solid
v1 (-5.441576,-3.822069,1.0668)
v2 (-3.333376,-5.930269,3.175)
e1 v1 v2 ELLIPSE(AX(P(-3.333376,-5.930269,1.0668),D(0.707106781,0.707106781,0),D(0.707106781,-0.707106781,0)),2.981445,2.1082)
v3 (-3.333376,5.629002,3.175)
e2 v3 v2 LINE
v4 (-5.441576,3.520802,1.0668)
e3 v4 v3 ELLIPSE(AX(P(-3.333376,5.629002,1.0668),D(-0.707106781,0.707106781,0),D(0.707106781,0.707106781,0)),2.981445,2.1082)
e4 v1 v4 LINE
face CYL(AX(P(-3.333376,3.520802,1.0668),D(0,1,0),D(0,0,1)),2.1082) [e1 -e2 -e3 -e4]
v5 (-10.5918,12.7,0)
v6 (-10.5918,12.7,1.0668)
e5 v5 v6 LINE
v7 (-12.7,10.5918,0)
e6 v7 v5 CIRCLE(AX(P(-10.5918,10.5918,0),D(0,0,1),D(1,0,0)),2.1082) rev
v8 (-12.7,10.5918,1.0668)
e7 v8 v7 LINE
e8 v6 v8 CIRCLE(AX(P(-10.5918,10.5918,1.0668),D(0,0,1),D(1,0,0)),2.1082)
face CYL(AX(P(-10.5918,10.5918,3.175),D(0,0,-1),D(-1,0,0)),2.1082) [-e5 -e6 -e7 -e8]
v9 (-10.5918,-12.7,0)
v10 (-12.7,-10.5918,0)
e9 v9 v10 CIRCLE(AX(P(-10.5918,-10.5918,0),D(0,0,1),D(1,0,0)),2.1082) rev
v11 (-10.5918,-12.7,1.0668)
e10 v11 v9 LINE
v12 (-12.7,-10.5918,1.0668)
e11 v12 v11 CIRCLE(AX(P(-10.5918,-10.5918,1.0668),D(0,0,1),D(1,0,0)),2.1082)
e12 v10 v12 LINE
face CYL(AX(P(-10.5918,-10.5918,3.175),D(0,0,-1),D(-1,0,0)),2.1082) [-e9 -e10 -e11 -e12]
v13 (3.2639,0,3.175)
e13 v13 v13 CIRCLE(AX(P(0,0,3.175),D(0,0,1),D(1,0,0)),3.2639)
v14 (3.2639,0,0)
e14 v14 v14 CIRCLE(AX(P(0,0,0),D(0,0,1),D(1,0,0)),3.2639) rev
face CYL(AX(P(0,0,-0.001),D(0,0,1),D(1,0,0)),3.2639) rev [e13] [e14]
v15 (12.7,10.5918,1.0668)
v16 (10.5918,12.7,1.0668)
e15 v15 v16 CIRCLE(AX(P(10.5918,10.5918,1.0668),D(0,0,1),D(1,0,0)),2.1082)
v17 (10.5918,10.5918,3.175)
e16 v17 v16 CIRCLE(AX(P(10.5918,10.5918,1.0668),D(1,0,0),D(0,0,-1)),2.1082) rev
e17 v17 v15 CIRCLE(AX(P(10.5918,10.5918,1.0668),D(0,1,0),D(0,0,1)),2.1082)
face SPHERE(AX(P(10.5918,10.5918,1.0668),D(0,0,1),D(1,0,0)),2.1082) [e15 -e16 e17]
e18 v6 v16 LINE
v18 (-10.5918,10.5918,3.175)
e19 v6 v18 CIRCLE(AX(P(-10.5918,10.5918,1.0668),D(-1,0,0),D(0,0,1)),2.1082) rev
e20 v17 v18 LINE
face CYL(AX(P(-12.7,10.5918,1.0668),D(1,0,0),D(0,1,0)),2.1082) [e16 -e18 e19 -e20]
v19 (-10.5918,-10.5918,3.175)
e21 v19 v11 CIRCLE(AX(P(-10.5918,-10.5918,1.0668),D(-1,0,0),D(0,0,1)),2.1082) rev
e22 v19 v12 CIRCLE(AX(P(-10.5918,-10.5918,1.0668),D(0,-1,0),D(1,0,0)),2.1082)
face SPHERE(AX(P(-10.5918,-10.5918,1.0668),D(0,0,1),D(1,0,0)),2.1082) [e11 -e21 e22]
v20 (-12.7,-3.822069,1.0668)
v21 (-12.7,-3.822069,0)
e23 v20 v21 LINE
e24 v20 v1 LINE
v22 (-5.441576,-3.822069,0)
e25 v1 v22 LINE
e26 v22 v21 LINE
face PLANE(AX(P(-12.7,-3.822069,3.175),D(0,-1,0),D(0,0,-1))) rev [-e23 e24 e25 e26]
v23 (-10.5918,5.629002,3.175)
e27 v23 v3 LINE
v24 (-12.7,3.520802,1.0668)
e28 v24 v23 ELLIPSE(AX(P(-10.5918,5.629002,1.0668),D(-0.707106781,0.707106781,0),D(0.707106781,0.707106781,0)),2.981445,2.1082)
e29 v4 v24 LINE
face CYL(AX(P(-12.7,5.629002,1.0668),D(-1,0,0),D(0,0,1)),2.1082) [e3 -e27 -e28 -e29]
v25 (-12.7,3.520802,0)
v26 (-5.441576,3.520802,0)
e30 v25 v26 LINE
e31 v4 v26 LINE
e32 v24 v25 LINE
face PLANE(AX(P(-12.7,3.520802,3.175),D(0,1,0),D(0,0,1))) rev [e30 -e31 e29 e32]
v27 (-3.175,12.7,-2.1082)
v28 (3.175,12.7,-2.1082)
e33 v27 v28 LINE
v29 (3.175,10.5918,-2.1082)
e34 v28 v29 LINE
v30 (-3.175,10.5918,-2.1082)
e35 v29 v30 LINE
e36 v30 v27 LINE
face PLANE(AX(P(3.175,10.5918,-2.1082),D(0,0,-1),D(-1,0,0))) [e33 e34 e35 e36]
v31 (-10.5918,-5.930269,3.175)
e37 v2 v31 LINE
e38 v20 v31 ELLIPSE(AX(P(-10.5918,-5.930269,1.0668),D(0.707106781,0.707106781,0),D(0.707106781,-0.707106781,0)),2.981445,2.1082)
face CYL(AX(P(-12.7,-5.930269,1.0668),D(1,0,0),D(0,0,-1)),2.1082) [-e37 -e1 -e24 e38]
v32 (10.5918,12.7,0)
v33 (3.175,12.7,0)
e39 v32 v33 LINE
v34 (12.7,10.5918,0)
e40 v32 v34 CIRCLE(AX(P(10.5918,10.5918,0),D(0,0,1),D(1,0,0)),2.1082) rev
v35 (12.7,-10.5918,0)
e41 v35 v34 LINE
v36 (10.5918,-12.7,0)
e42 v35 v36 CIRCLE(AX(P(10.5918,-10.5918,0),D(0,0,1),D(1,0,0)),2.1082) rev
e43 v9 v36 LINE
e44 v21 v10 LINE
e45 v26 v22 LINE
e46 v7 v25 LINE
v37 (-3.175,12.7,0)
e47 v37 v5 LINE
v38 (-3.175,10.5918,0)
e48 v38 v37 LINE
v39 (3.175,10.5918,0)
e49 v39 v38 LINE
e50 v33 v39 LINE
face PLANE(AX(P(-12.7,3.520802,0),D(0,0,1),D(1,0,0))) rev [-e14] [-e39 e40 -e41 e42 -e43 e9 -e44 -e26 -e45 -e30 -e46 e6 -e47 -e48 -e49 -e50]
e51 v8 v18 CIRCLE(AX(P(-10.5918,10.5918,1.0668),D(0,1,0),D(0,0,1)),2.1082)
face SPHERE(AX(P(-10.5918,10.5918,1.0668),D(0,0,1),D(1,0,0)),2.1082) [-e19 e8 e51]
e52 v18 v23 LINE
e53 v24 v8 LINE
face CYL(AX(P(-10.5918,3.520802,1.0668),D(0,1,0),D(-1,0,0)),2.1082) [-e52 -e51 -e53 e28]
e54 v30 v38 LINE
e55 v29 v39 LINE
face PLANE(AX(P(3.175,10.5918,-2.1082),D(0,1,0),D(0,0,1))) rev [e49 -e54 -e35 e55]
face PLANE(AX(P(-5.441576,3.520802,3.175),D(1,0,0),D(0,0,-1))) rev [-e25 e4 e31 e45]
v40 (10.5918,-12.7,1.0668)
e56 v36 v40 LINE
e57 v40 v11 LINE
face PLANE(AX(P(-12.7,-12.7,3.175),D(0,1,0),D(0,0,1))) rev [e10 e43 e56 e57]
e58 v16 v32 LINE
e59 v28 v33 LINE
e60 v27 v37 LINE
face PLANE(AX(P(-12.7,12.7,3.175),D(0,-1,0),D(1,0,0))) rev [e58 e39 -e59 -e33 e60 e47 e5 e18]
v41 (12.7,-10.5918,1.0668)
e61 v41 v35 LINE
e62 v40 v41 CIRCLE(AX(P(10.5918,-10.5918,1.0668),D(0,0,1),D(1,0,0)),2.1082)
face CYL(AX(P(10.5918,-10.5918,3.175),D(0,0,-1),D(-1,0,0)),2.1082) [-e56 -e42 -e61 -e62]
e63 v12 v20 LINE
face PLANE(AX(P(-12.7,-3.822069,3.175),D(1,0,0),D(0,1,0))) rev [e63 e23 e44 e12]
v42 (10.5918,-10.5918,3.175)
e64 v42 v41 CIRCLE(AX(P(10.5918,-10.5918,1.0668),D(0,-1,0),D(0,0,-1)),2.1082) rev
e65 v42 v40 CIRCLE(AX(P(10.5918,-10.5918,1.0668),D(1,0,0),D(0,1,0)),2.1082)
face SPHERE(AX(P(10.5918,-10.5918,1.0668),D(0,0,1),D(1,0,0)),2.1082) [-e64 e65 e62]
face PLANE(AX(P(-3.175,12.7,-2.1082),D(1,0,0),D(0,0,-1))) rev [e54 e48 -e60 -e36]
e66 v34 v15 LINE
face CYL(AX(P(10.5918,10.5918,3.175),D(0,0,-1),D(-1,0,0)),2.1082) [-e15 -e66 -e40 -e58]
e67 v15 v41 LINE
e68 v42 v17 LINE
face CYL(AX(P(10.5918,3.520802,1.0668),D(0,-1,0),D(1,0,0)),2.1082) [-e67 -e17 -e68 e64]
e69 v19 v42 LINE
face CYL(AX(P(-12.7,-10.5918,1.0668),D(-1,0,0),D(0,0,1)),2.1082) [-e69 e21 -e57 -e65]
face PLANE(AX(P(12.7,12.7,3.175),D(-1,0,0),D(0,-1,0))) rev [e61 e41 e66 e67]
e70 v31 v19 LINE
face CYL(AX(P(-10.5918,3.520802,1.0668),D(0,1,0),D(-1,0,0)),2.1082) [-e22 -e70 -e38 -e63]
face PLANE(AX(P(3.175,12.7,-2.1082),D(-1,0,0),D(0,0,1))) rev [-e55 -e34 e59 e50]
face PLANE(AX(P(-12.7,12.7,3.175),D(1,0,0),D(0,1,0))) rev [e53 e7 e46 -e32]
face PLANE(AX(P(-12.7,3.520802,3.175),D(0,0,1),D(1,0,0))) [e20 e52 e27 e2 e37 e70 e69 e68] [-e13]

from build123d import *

# Parameters (mm, degrees)
BOSS_EXTRUDE1_DEPTH = 3.175
FILLET1_R           = 2.1082
CUT_EXTRUDE1_REACH  = 5.175
SKETCH2_R           = 3.2639
SKETCH3_W           = 6.35
SKETCH3_H           = 2.1082
BOSS_EXTRUDE2_DEPTH = 2.1082


with BuildPart() as part:
    # Sketch1 → Boss-Extrude1 (new body)
    with BuildSketch(Plane.XY):
        Polygon((-12.7, 12.7), (12.7, 12.7), (12.7, -12.7), (-12.7, -12.7), (-12.7, -3.822069256), (-5.441576375, -3.822069256), (-5.441576375, 3.520801512), (-12.7, 3.520801512), align=None)
    extrude(amount=BOSS_EXTRUDE1_DEPTH)

    # Fillet1
    fillet1_edges = [part.edges().sort_by_distance(p)[0] for p in [
        (-5.441576375, -0.150633872, 3.175),
        (-9.070788187, -3.822069256, 3.175),
        (-12.7, 12.7, 1.5875),
        (12.7, 12.7, 1.5875),
        (12.7, -12.7, 1.5875),
        (-12.7, -12.7, 1.5875),
        (-12.7, -8.261034628, 3.175),
        (0, -12.7, 3.175),
        (12.7, 0, 3.175),
        (0, 12.7, 3.175),
        (-12.7, 8.110400756, 3.175),
        (-9.070788187, 3.520801512, 3.175),
    ]]
    fillet(fillet1_edges, radius=FILLET1_R)

    # Sketch2 → Cut-Extrude1 (cut, up to next)
    with BuildSketch(Plane.XY.offset(3.175), mode=Mode.PRIVATE) as cut_extrude1_sk1:
        Circle(SKETCH2_R)
    cut_extrude1_tool1 = extrude(cut_extrude1_sk1.sketch, amount=-CUT_EXTRUDE1_REACH, mode=Mode.PRIVATE) & part.part
    add(cut_extrude1_tool1.solids().sort_by_distance((0, 0, 3.175))[0], mode=Mode.SUBTRACT)

    # Sketch3 → Boss-Extrude2 (add)
    with BuildSketch(Plane(origin=(0, 0, 0), x_dir=(-1, 0, 0), z_dir=(0, 0, -1))):
        with Locations((0, 11.6459)):
            Rectangle(SKETCH3_W, SKETCH3_H)
    extrude(amount=BOSS_EXTRUDE2_DEPTH)


solid = part.part
